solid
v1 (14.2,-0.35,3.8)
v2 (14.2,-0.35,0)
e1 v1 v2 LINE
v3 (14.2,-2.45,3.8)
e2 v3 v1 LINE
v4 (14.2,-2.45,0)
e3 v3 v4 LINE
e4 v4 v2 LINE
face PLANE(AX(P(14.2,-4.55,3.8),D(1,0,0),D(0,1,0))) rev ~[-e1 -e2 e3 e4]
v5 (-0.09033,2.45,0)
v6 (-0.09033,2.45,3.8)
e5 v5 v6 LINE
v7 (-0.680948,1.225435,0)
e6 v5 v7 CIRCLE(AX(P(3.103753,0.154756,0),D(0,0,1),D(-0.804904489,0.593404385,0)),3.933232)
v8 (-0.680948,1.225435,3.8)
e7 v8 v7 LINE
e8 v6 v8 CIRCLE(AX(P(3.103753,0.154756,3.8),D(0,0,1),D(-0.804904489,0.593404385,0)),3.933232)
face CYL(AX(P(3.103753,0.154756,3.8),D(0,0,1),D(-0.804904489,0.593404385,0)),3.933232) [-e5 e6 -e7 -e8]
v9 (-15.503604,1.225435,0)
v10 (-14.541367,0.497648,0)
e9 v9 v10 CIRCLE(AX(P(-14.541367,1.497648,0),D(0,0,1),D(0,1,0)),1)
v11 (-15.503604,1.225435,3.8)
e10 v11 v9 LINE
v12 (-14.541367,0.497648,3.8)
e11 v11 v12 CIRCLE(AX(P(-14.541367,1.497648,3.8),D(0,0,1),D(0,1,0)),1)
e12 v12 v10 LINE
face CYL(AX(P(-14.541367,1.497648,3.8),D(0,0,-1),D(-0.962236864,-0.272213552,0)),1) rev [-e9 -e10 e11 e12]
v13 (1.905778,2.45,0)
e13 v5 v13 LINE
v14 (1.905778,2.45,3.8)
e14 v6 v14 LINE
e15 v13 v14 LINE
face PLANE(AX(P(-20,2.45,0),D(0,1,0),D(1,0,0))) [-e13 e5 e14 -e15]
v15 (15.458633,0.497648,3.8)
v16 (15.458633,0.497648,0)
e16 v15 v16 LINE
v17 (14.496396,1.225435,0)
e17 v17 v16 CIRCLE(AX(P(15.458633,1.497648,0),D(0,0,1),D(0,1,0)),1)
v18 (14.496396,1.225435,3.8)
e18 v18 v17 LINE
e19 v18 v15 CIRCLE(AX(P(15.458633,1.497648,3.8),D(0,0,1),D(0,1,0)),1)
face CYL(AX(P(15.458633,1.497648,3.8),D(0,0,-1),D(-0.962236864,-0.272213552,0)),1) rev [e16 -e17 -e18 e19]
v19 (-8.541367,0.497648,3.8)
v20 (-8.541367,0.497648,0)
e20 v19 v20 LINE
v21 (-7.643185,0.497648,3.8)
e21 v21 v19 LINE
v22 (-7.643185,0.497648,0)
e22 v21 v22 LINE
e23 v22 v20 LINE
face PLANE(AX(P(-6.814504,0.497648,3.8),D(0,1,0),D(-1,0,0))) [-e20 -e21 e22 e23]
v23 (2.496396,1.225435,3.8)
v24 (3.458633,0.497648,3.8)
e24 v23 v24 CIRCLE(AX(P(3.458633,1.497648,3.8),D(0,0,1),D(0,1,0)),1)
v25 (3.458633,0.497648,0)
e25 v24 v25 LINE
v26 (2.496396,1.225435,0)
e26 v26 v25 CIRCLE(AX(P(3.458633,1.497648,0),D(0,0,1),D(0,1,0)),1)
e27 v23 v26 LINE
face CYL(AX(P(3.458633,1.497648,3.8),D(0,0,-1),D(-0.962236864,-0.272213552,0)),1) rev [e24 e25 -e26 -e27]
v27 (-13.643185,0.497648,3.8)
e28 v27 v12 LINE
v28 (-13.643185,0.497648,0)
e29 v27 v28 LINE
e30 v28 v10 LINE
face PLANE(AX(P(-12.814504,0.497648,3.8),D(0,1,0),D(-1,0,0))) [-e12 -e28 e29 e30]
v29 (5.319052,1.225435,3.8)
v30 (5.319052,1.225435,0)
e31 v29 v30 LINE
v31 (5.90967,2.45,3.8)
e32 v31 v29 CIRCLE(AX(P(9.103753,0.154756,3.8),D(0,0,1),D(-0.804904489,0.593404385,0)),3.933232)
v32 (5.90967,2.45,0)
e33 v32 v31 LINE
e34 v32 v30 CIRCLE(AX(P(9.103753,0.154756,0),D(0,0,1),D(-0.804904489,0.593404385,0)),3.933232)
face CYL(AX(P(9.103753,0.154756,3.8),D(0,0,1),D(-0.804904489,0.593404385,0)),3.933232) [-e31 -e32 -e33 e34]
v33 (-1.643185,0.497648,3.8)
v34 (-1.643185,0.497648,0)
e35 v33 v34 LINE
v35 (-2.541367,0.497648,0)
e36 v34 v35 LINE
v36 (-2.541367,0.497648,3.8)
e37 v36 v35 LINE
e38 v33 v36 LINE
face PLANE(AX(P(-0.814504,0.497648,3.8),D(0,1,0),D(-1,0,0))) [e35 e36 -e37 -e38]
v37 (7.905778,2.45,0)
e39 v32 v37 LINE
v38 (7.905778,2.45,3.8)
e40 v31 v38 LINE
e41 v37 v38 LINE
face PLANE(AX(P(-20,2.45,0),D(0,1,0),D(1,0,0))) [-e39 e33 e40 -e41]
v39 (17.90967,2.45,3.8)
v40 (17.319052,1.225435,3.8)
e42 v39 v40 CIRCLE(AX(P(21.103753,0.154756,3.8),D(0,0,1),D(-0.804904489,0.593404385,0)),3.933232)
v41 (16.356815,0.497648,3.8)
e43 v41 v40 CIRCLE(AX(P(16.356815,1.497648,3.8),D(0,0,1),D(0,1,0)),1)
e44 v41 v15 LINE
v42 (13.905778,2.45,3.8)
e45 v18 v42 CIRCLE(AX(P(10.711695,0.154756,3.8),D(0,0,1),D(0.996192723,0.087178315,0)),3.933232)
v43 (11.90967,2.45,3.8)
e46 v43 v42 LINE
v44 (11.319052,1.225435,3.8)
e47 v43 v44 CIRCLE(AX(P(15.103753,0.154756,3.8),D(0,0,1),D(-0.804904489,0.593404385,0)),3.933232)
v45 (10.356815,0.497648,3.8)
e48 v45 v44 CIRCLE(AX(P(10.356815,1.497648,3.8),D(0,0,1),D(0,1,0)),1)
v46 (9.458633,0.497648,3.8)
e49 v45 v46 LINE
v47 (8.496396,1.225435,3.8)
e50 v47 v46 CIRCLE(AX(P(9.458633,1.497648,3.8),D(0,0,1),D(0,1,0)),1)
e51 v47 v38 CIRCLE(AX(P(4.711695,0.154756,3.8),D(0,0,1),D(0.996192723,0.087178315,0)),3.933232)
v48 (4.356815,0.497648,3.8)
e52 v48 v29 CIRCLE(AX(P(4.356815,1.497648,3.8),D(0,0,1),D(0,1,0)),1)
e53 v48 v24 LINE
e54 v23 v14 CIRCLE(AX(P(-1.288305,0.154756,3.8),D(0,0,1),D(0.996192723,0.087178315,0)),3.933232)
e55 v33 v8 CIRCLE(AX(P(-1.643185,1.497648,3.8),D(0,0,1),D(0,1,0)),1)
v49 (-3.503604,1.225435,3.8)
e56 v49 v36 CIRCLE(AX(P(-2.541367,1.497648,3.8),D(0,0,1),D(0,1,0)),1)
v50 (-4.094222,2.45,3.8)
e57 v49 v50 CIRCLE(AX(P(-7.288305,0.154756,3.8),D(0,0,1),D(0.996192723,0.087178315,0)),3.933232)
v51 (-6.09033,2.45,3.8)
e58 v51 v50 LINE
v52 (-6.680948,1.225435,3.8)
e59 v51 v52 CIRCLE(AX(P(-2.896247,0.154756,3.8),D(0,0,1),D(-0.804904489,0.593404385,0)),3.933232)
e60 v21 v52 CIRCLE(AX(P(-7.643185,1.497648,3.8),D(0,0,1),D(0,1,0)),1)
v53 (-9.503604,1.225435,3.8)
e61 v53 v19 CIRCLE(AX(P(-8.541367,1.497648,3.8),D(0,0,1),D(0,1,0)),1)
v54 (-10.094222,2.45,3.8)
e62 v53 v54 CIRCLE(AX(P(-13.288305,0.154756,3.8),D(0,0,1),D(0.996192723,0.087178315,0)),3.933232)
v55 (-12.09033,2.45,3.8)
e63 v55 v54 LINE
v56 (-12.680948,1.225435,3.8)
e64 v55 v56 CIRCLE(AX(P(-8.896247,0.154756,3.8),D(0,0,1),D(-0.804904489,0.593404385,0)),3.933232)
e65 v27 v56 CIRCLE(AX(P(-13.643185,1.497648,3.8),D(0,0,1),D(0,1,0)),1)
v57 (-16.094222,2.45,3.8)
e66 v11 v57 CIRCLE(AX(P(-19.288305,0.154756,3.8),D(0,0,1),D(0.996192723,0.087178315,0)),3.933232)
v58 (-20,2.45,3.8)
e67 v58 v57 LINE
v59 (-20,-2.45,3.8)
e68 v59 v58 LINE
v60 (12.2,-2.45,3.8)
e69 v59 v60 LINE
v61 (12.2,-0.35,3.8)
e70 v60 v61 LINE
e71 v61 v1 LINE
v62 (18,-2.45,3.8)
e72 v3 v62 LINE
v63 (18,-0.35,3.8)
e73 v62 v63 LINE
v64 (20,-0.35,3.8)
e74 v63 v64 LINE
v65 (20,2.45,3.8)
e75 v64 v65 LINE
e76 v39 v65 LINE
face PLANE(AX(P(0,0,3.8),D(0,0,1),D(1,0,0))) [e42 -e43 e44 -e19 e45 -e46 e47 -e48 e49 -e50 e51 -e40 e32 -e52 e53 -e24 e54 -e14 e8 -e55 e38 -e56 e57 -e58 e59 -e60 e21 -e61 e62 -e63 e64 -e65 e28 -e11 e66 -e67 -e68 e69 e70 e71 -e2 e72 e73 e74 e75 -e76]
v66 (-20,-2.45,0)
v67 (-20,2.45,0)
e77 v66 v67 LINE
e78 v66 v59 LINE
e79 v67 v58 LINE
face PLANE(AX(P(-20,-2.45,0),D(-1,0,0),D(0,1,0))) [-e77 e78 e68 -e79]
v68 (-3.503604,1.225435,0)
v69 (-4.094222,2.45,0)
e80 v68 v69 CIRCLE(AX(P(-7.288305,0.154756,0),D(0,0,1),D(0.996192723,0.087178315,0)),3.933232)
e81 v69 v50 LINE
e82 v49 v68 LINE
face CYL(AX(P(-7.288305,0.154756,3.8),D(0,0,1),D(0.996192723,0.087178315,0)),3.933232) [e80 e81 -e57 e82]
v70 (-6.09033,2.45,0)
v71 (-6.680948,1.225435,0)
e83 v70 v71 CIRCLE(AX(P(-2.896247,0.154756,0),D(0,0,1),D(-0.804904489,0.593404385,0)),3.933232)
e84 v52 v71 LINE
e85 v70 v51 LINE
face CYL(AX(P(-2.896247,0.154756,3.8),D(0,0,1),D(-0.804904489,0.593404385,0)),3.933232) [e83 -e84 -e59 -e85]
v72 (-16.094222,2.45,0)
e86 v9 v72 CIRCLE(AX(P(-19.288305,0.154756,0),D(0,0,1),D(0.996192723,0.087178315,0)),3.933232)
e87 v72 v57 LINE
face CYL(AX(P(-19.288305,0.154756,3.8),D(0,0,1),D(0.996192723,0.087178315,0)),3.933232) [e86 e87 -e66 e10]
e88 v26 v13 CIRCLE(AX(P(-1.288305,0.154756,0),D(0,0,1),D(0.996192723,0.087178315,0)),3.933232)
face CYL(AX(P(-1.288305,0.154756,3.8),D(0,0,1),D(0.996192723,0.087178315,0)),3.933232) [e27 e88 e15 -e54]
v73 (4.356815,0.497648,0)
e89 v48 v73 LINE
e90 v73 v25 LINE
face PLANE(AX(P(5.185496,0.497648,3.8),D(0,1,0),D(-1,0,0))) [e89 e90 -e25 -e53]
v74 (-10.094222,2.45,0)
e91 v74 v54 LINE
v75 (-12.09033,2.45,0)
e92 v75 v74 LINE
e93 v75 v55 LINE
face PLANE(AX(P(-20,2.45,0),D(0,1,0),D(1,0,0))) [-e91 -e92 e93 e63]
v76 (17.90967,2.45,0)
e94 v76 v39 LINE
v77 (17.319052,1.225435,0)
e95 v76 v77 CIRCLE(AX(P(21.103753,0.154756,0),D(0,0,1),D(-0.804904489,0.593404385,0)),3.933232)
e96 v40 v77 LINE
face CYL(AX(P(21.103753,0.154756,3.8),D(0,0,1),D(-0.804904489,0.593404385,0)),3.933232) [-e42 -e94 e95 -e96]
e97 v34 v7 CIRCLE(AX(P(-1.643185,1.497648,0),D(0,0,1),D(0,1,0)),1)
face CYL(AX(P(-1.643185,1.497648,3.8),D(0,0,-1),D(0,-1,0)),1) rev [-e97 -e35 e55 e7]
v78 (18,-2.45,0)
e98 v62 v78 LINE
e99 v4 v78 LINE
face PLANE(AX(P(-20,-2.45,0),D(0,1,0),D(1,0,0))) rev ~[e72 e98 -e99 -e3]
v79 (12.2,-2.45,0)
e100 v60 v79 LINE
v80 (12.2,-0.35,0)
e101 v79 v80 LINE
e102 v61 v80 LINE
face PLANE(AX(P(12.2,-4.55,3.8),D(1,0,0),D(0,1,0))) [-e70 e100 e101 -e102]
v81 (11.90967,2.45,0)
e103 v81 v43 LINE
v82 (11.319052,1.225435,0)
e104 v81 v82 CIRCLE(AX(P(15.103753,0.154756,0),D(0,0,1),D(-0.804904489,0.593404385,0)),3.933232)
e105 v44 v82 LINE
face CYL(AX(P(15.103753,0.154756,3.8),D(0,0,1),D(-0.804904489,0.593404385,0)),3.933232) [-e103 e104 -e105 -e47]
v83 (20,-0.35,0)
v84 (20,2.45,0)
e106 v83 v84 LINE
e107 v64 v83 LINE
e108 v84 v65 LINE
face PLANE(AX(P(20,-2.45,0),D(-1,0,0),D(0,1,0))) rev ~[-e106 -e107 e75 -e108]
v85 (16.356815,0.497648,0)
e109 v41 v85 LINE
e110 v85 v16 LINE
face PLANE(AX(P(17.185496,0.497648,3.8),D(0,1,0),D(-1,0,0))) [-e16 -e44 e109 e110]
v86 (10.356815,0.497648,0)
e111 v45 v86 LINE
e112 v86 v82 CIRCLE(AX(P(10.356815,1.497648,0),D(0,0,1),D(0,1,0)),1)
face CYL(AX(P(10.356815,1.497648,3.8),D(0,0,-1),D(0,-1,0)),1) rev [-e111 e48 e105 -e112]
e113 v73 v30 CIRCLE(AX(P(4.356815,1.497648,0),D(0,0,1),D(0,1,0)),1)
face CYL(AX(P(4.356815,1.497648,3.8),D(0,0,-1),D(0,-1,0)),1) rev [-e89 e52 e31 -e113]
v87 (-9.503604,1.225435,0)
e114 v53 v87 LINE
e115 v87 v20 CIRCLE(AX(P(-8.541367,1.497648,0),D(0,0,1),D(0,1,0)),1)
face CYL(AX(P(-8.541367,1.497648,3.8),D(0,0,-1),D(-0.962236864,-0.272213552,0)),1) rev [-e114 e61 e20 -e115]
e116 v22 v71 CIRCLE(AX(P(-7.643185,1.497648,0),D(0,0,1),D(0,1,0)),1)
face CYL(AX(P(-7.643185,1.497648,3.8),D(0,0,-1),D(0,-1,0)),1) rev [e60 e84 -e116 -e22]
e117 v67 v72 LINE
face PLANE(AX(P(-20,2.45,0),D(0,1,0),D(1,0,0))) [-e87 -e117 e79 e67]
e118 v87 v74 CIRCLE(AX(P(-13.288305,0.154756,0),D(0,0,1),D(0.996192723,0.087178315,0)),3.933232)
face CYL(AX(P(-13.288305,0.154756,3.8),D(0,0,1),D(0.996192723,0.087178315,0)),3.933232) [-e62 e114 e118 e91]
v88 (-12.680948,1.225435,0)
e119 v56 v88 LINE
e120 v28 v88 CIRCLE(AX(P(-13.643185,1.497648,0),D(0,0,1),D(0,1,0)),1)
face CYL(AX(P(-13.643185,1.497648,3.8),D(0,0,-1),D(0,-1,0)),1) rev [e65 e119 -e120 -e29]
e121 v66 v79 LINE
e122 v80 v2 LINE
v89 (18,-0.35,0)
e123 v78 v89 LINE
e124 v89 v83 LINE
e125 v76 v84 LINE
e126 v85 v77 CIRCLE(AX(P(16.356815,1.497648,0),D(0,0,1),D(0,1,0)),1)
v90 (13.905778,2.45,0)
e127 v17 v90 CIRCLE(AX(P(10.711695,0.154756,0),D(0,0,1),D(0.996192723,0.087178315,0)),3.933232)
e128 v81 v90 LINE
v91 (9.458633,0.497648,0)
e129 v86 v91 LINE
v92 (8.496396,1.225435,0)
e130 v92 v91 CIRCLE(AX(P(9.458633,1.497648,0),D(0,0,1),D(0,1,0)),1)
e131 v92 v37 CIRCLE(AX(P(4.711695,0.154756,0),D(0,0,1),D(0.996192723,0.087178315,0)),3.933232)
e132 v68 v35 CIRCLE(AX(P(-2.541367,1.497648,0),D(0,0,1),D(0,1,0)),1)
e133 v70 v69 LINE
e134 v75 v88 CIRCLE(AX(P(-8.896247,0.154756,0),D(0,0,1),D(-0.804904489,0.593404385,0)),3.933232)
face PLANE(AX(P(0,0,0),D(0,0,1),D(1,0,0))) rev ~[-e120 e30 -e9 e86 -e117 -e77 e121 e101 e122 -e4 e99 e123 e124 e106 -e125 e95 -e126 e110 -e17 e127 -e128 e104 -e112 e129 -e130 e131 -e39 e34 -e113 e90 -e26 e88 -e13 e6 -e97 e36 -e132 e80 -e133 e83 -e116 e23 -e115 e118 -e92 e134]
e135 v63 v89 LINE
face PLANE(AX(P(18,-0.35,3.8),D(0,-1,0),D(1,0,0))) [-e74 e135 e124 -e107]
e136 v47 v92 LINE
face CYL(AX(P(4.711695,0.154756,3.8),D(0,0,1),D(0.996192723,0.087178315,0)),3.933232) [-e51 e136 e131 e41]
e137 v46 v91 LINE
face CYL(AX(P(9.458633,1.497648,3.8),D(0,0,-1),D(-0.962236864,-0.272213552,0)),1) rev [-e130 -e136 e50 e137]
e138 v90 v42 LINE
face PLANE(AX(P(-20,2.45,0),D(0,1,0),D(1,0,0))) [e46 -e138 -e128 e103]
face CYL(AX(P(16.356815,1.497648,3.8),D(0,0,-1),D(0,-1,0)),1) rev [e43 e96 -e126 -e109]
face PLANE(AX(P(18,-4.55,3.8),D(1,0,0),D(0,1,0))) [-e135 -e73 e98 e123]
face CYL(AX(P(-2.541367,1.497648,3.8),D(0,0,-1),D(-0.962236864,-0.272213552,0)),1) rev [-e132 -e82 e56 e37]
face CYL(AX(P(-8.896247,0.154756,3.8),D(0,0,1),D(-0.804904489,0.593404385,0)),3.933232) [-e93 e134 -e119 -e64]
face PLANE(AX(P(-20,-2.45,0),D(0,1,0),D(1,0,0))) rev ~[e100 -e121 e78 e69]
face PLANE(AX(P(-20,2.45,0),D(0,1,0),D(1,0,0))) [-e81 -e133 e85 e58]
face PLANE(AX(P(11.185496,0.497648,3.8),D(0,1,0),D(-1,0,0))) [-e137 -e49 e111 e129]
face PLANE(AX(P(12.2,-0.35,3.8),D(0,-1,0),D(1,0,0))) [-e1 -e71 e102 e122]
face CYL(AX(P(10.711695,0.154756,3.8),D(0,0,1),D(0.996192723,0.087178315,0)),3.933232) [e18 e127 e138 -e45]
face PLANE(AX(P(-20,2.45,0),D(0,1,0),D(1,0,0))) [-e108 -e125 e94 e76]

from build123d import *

# Parameters (mm, degrees)
CROQUIS4_W              = 40
CROQUIS4_H              = 4.9
SALIENTE_EXTRUIR1_DEPTH = 3.8
CORTAR_EXTRUIR1_DEPTH   = 5
REDONDEO1_R             = 1
MATRIZL1_COUNT          = 6
MATRIZL1_PITCH          = 6
REDONDEO1_OF_MATRIZL1_R = 1
CROQUIS7_W              = 2
CROQUIS7_H              = 4.2
CORTAR_EXTRUIR2_DEPTH   = 10


with BuildPart() as part:
    # Croquis4 → Saliente-Extruir1 (new body)
    with BuildSketch(Plane.XY):
        Rectangle(CROQUIS4_W, CROQUIS4_H)
    extrude(amount=SALIENTE_EXTRUIR1_DEPTH)

    # Croquis5 → Cortar-Extruir1 (cut)
    with BuildSketch(Plane.XY.offset(3.8)):
        with BuildLine():
            Line((-16.122428878, 2.488752454), (-12.062122986, 2.488752454))
            ThreePointArc((-12.062122986, 2.488752454), (-12.575562017, 1.545062529), (-12.814503922, 0.497648057))
            Line((-12.814503922, 0.497648057), (-15.370047942, 0.497648057))
            ThreePointArc((-15.370047942, 0.497648057), (-15.608989847, 1.545062529), (-16.122428878, 2.488752454))
        make_face()
    cortar_extruir1 = extrude(amount=-CORTAR_EXTRUIR1_DEPTH, mode=Mode.SUBTRACT)

    # Redondeo1
    redondeo1_edges = [part.edges().sort_by_distance(p)[0] for p in [
        (-12.814503922, 0.497648057, 1.9),
        (-15.370047942, 0.497648057, 1.9),
    ]]
    fillet(redondeo1_edges, radius=REDONDEO1_R)

    # MatrizL1: Cortar-Extruir1 ×6
    with Locations(*[(i * MATRIZL1_PITCH, 0, 0) for i in range(1, MATRIZL1_COUNT)]):
        add(cortar_extruir1, mode=Mode.SUBTRACT)

    # Redondeo1 of MatrizL1
    redondeo1_of_matrizl1_edges = [part.edges().sort_by_distance(p)[0] for p in [
        (-6.814503922, 0.497648057, 1.9),
        (-9.370047942, 0.497648057, 1.9),
        (-0.814503922, 0.497648057, 1.9),
        (-3.370047942, 0.497648057, 1.9),
        (5.185496078, 0.497648057, 1.9),
        (2.629952058, 0.497648057, 1.9),
        (11.185496078, 0.497648057, 1.9),
        (8.629952058, 0.497648057, 1.9),
        (17.185496078, 0.497648057, 1.9),
        (14.629952058, 0.497648057, 1.9),
    ]]
    fillet(redondeo1_of_matrizl1_edges, radius=REDONDEO1_OF_MATRIZL1_R)

    # Croquis7 → Cortar-Extruir2 (cut)
    with BuildSketch(Plane.XY.offset(3.8)):
        with Locations((19, -2.45)):
            Rectangle(CROQUIS7_W, CROQUIS7_H)
        with Locations((13.2, -2.45)):
            Rectangle(CROQUIS7_W, CROQUIS7_H)
    extrude(amount=-CORTAR_EXTRUIR2_DEPTH, mode=Mode.SUBTRACT)


solid = part.part
